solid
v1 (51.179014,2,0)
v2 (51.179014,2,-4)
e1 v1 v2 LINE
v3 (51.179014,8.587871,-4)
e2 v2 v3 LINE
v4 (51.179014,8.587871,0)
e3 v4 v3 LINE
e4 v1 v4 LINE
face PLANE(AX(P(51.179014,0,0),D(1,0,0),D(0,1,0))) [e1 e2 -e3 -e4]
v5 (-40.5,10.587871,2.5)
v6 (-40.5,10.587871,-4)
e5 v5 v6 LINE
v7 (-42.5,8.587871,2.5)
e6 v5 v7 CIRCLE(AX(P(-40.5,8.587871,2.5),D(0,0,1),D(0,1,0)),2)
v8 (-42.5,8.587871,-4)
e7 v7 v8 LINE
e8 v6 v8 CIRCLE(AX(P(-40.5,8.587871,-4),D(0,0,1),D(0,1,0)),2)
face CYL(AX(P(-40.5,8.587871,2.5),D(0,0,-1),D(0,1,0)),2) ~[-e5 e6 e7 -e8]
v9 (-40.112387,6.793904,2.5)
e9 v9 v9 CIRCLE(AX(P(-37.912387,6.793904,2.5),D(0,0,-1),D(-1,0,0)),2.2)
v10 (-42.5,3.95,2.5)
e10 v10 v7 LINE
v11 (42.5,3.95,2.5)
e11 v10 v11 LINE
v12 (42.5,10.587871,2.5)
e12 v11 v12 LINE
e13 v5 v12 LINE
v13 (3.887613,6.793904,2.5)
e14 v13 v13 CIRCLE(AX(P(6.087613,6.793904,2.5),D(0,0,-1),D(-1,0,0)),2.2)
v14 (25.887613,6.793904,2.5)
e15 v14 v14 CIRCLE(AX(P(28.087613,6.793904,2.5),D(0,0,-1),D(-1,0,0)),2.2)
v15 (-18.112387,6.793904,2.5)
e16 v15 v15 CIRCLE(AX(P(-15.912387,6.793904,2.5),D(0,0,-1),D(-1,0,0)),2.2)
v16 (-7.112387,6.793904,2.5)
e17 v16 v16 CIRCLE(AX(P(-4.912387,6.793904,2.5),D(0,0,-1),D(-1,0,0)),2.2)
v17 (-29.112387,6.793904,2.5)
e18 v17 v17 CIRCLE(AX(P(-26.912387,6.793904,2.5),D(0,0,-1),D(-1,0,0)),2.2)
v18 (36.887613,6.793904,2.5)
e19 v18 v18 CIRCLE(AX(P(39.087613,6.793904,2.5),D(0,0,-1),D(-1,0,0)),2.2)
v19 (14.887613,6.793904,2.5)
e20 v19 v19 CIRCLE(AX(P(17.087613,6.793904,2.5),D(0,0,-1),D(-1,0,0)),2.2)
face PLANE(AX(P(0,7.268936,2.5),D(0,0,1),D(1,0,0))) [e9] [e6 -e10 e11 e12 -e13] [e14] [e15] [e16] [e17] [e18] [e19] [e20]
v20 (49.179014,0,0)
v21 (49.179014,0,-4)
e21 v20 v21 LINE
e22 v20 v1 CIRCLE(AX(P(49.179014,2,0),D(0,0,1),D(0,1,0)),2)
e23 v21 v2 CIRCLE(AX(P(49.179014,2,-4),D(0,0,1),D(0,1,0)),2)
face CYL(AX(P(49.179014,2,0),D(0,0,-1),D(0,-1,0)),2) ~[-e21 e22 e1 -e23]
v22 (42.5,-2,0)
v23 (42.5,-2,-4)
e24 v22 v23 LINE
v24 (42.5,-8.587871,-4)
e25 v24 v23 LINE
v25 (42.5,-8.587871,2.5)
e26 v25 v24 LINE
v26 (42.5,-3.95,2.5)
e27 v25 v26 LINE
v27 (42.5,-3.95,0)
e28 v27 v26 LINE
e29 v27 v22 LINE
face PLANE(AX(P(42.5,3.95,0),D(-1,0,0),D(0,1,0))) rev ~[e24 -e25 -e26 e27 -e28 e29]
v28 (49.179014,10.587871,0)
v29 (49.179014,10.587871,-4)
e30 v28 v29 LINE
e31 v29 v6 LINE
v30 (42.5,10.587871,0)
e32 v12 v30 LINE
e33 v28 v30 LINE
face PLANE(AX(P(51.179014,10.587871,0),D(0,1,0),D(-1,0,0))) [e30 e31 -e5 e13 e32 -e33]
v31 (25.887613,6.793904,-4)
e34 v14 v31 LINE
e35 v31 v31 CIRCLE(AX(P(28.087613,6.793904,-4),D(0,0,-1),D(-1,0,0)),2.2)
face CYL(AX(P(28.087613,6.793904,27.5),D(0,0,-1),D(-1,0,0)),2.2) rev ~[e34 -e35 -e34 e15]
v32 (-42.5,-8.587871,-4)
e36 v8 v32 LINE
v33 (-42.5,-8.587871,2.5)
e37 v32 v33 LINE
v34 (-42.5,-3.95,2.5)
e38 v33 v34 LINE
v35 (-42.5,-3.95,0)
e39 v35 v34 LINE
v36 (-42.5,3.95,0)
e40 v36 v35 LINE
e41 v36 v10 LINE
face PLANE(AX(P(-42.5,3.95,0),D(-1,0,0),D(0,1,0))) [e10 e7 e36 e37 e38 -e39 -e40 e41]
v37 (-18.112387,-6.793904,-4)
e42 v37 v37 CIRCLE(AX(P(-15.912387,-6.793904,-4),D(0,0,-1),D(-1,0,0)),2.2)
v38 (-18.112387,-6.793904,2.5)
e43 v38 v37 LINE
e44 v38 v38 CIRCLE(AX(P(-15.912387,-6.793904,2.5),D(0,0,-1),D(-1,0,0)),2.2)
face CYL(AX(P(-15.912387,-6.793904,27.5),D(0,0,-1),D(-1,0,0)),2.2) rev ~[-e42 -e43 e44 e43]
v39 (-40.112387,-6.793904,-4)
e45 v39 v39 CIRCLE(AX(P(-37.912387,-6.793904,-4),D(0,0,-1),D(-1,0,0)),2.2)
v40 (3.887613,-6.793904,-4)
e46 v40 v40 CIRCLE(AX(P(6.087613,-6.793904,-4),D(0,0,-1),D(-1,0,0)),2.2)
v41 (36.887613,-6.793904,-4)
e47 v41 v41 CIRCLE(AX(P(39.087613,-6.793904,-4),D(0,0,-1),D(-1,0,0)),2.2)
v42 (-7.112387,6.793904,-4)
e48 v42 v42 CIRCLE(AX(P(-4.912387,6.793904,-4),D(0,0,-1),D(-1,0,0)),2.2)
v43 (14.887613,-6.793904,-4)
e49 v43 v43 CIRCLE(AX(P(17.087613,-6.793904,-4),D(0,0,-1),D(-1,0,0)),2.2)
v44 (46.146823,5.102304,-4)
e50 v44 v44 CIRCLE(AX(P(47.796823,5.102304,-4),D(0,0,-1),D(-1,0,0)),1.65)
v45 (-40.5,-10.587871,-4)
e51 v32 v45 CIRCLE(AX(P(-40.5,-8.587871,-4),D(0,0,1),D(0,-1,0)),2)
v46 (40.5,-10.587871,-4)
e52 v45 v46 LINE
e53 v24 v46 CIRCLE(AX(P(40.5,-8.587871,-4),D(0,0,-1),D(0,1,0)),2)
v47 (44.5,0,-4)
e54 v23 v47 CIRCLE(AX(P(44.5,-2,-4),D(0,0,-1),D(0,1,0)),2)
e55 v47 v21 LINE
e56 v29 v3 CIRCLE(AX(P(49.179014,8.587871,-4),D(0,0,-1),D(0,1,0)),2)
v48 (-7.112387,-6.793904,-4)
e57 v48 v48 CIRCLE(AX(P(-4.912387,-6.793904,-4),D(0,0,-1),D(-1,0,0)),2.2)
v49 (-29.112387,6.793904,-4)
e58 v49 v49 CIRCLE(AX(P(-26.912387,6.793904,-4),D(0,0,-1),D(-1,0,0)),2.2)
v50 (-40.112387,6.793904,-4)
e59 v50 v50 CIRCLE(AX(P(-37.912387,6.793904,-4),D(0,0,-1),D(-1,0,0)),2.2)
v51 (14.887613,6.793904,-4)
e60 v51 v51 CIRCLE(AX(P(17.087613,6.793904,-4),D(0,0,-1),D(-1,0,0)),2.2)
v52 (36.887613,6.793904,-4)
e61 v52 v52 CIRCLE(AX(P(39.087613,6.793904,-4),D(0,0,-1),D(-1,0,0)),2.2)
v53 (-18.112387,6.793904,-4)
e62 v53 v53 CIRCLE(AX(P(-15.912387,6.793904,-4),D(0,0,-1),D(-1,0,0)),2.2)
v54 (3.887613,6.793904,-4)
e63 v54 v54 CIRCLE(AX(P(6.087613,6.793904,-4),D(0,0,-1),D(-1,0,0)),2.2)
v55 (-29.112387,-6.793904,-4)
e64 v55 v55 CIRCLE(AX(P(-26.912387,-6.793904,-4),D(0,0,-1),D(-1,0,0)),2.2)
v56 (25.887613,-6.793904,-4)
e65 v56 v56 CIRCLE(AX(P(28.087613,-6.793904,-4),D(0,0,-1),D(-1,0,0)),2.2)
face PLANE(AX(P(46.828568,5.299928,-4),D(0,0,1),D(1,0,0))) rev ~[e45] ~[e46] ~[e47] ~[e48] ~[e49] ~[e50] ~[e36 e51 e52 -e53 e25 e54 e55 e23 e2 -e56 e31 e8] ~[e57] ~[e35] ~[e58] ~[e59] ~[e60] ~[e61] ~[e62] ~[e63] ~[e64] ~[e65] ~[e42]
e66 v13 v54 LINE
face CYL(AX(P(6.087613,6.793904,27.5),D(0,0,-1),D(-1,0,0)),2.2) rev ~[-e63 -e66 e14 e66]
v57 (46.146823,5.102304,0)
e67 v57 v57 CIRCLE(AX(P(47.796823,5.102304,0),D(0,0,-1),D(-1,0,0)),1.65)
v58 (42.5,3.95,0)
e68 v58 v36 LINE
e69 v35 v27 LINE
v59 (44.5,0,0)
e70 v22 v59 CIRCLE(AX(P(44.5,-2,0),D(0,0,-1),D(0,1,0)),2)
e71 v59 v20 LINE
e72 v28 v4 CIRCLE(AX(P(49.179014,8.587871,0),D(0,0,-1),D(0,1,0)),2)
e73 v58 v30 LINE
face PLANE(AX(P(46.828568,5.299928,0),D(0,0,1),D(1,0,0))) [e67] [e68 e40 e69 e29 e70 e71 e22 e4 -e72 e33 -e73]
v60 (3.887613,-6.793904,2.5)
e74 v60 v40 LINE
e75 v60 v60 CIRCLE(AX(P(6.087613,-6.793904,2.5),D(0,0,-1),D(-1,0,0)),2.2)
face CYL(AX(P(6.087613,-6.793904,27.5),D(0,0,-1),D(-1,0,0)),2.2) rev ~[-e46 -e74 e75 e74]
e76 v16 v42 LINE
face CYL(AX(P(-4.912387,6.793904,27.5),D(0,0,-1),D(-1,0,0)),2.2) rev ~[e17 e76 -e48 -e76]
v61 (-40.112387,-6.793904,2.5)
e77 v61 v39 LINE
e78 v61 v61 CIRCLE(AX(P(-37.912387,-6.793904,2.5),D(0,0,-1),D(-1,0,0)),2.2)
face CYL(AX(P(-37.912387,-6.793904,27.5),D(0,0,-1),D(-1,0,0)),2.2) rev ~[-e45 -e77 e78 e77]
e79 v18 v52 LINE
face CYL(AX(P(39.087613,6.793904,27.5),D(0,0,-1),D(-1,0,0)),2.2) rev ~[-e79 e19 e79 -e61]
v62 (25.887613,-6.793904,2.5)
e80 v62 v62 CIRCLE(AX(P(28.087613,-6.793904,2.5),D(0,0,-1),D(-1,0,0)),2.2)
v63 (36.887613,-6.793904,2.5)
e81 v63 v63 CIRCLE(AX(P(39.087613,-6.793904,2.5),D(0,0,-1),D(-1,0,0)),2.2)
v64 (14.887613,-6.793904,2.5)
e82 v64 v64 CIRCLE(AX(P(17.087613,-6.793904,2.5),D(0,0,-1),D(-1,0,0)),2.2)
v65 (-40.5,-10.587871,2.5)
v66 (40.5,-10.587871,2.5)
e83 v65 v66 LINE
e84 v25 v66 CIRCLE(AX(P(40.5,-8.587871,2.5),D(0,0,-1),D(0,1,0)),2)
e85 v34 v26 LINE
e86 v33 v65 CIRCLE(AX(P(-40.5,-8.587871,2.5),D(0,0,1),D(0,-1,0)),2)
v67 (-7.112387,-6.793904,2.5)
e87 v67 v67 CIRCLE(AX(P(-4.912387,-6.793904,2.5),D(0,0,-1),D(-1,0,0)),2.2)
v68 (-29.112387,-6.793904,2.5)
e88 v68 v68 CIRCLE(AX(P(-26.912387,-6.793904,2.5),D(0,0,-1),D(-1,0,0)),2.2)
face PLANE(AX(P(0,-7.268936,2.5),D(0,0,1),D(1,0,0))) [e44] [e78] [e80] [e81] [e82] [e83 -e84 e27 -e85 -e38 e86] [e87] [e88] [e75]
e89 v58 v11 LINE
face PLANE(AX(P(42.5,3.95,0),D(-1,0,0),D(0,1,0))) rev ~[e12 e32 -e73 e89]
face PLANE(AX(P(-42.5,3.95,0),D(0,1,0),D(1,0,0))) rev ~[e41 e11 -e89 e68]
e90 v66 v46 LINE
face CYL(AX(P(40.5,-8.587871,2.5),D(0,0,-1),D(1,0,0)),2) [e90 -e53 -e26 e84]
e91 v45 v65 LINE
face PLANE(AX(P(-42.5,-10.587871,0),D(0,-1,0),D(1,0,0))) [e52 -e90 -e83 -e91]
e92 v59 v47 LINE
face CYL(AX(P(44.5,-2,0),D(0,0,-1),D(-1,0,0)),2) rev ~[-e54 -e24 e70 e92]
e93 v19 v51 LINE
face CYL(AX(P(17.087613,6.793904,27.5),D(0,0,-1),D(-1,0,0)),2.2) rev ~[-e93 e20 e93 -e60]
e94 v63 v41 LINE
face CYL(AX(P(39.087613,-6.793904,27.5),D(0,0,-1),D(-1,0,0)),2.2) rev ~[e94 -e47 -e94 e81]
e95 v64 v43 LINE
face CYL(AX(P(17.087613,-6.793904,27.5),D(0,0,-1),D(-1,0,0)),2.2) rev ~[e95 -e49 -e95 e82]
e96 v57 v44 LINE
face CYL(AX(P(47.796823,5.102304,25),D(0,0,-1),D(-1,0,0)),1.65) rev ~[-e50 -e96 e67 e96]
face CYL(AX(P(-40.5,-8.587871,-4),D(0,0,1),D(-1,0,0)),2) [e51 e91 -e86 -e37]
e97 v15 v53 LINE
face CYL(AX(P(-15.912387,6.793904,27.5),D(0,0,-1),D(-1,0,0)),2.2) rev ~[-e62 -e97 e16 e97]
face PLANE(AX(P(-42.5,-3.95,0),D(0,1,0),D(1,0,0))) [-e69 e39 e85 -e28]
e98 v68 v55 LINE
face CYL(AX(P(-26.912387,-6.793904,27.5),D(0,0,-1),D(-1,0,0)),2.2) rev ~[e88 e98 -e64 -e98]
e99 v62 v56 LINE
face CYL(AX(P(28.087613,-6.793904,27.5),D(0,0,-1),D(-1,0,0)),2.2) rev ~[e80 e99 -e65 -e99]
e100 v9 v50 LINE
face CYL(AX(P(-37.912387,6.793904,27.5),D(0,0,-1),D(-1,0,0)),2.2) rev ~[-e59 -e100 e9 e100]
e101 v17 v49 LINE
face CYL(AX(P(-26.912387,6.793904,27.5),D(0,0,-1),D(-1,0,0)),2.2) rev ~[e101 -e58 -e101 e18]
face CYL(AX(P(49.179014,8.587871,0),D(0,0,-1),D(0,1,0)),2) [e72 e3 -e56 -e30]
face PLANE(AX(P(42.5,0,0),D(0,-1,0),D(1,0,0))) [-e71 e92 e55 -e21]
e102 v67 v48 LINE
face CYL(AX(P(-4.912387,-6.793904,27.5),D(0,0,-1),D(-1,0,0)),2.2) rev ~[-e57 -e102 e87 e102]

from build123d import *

# Parameters (mm, degrees)
F0_W     = 85
F0_H     = 6.6378710747
F0_H_2   = 7.9
F1_DEPTH = 4
F2_DEPTH = 2.5
F4_D     = 4.4
F4_DEPTH = 25
F4_TIP   = 1.3218933619
F6_DEPTH = 4
F7_D     = 3.3
F7_DEPTH = 25
F7_TIP   = 0.9914200214
F8_R     = 2


with BuildPart() as f1:
    # F0 (on Top) → F1 (new body)
    with BuildSketch(Plane.XY):
        with Locations((0, 7.2689355373)):
            Rectangle(F0_W, F0_H)
        Rectangle(F0_W, F0_H_2)
        with Locations((0, -7.2689355373)):
            Rectangle(F0_W, F0_H)
    extrude(amount=-F1_DEPTH)

    # F0 (on Top) → F2 (join)
    with BuildSketch(Plane.XY):
        with Locations((0, 7.2689355373)):
            Rectangle(F0_W, F0_H)
        with Locations((0, -7.2689355373)):
            Rectangle(F0_W, F0_H)
    extrude(amount=F2_DEPTH)

    # F4
    with Locations(Plane.XY.offset(2.5)):
        with Locations((-37.9123874009, 6.7939041182), (-37.9123874009, -6.7939041182), (-26.9123874009, 6.7939041182), (-26.9123874009, -6.7939041182), (-15.9123874009, 6.7939041182), (-15.9123874009, -6.7939041182), (-4.9123874009, 6.7939041182), (-4.9123874009, -6.7939041182), (6.0876125991, 6.7939041182), (6.0876125991, -6.7939041182), (17.0876125991, -6.7939041182), (17.0876125991, 6.7939041182), (28.0876125991, 6.7939041182), (28.0876125991, -6.7939041182), (39.0876125991, -6.7939041182), (39.0876125991, 6.7939041182)):
            Hole(F4_D / 2, depth=F4_DEPTH)
            with Locations((0, 0, -(F4_DEPTH + F4_TIP / 2))):  # 118° drill point
                Cone(0, F4_D / 2, F4_TIP, mode=Mode.SUBTRACT)

    # F5 (on Top) → F6 (join)
    with BuildSketch(Plane.XY):
        Polygon((51.1790141463, 10.5878710747), (42.4563325942, 10.5878710747), (42.5, 0), (51.1790141463, 0), align=None)
    extrude(amount=-F6_DEPTH)

    # F7
    with Locations(Plane.XY):
        with Locations((47.7968230844, 5.1023042761)):
            Hole(F7_D / 2, depth=F7_DEPTH)
            with Locations((0, 0, -(F7_DEPTH + F7_TIP / 2))):  # 118° drill point
                Cone(0, F7_D / 2, F7_TIP, mode=Mode.SUBTRACT)

    # F8
    f8_edges = [f1.edges().sort_by_distance(p)[0] for p in [
        (-42.5, 10.587871, -0.75),
        (-42.5, -10.587871, -0.75),
        (51.179014, 10.587871, -2),
        (51.179014, 0, -2),
        (42.5, -10.587871, -0.75),
        (42.5, 0, -2),
    ]]
    fillet(f8_edges, radius=F8_R)


solid = f1.part
